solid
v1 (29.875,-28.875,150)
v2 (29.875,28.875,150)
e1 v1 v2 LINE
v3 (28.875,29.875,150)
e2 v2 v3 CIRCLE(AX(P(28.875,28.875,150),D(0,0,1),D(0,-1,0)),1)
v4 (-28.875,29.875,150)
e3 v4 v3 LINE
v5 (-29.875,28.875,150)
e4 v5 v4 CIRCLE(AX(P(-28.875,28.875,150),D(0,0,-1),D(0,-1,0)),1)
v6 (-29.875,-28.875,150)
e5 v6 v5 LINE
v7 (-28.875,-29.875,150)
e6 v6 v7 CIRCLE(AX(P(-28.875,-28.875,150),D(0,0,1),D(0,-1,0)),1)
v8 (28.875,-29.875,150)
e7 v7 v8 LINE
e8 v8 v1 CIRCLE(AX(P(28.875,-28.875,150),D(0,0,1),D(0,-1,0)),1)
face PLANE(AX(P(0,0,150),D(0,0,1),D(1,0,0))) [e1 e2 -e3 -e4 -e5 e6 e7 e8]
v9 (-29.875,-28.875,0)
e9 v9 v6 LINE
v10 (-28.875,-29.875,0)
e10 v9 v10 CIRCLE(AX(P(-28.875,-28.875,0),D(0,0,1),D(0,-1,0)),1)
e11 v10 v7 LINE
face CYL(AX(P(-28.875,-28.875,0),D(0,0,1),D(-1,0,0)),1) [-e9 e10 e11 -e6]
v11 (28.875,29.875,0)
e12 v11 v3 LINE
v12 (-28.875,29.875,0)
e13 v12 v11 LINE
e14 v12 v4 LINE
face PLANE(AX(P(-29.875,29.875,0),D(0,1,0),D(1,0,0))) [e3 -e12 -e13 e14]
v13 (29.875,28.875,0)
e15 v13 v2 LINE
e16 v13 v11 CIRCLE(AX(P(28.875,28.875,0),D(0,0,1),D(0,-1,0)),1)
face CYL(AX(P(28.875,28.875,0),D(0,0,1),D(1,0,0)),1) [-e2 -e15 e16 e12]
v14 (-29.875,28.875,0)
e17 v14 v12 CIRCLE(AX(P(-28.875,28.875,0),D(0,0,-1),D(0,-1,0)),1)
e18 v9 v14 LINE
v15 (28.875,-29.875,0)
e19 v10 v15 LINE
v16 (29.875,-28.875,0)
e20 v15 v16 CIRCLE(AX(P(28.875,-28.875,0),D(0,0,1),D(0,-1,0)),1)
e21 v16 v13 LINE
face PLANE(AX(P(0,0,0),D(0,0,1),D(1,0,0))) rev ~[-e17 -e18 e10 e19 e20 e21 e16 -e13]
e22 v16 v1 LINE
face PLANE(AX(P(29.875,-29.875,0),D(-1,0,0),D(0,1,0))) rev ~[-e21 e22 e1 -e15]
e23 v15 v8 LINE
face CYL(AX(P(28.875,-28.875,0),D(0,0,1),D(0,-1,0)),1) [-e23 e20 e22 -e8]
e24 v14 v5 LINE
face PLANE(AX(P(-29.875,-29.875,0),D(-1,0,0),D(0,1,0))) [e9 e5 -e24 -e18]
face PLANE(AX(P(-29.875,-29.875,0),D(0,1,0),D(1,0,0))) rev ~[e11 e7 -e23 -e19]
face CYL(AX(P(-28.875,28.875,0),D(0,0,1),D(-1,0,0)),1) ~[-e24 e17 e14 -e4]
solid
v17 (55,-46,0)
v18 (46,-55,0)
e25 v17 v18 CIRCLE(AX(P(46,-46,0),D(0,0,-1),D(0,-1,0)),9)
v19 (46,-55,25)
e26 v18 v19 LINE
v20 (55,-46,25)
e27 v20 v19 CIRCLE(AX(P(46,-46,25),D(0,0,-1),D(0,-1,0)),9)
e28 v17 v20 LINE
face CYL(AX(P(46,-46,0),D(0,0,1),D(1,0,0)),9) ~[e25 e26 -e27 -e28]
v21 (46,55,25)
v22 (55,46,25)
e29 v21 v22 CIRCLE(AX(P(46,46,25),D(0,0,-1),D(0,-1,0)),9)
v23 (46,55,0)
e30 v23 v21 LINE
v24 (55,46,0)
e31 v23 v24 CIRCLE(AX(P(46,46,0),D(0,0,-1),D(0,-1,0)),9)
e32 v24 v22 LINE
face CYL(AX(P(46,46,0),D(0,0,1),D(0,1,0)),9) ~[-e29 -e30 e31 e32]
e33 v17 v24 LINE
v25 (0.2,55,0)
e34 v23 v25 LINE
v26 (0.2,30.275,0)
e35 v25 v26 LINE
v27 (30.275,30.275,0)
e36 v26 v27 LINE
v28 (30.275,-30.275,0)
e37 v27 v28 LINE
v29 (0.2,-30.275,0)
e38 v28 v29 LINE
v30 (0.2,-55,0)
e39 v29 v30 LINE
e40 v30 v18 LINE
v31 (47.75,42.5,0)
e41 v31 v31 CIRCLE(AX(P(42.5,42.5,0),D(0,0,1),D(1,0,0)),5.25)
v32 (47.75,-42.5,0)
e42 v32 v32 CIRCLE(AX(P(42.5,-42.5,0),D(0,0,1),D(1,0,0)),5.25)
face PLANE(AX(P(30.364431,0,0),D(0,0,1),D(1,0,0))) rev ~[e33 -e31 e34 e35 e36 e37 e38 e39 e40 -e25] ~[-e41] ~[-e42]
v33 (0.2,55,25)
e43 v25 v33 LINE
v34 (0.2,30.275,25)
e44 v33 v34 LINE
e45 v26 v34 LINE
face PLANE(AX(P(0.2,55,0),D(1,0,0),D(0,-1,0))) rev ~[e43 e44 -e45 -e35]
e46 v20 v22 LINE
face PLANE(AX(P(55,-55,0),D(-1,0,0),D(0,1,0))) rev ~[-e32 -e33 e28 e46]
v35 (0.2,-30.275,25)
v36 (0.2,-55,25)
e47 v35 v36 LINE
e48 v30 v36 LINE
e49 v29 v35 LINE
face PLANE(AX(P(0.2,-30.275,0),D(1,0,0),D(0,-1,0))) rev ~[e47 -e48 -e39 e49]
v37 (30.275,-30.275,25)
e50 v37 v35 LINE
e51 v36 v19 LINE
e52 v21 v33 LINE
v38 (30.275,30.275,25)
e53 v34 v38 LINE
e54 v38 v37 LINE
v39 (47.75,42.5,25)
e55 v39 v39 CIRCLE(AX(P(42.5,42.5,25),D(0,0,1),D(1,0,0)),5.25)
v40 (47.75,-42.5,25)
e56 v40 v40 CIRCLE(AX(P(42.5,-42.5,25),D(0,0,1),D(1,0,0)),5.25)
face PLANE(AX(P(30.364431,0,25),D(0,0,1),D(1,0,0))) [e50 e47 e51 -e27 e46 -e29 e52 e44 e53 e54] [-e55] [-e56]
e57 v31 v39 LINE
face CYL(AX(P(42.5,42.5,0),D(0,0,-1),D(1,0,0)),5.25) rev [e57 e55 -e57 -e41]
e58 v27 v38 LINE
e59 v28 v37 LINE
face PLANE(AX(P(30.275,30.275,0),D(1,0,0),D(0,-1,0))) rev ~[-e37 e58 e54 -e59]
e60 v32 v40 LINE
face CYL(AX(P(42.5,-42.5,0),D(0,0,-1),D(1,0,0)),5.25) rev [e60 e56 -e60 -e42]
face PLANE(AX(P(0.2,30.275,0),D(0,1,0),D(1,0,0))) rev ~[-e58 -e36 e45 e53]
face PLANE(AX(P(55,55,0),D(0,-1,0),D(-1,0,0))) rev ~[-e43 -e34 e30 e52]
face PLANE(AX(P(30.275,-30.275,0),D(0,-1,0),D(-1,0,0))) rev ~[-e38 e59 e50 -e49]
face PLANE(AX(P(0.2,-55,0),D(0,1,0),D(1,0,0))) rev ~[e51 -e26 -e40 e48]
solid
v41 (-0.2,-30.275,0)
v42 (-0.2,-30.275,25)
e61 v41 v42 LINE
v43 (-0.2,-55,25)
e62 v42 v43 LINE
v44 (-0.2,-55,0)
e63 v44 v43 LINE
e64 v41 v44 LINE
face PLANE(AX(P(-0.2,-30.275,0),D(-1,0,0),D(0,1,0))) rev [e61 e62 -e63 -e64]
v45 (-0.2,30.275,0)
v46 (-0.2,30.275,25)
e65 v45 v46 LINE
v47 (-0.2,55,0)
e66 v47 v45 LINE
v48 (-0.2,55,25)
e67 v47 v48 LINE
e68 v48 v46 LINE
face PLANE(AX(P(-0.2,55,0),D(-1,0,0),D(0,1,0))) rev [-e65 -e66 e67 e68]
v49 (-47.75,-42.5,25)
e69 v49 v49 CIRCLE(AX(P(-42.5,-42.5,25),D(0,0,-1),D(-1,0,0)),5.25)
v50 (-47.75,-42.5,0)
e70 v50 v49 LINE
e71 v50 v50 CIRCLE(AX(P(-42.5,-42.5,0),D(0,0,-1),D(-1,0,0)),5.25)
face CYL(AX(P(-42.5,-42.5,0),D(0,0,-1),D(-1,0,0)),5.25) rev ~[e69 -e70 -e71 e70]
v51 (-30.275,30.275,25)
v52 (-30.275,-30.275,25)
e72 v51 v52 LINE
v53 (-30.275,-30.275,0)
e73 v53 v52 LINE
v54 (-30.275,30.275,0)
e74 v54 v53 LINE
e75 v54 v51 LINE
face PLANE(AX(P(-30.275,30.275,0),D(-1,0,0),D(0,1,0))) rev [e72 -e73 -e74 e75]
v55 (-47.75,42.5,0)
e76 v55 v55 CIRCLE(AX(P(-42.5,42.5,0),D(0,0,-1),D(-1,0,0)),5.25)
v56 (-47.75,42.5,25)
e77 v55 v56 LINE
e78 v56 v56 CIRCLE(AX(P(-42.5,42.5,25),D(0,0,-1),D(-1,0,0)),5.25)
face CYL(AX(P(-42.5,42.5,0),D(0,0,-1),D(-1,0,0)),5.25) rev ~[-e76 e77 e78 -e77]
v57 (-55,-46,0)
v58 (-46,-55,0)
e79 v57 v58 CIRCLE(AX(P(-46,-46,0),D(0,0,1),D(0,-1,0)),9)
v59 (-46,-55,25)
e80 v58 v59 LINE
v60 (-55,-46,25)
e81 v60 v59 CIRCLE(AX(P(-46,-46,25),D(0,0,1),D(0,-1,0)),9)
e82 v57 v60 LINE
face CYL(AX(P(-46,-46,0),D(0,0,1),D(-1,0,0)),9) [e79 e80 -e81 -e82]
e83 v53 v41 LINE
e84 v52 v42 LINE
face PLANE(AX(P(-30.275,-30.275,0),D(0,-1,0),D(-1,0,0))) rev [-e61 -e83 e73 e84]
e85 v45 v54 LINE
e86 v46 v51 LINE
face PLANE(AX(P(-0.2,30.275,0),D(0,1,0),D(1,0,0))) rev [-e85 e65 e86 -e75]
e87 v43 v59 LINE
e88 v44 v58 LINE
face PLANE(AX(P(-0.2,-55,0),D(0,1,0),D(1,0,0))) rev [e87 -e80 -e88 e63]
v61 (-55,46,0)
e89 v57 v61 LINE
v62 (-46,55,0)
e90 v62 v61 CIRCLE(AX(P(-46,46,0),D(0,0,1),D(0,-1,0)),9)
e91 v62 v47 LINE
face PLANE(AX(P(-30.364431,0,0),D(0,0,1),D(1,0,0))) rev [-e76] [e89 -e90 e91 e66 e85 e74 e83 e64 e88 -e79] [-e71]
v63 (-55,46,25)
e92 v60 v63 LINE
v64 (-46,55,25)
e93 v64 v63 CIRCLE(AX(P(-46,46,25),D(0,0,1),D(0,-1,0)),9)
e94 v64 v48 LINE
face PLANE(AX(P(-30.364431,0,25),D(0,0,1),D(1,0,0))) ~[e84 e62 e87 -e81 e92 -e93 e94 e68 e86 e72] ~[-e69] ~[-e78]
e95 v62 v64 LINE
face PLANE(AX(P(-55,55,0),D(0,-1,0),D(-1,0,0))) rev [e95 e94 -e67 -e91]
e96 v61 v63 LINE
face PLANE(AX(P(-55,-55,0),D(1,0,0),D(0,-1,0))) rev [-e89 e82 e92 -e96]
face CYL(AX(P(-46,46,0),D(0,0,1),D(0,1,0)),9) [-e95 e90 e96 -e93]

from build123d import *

# Parameters (mm, degrees)
F0_R     = 5.25
F1_DEPTH = 25
F2_R     = 9
F4_W     = 59.75
F4_H     = 59.75
F5_DEPTH = 150
F6_R     = 1


with BuildPart() as f1:
    # F0 (on Top) → F1 (new body)
    with BuildSketch(Plane.XY):
        Polygon((0.2, 30.275), (30.275, 30.275), (30.275, 0), (30.275, -30.275), (0.2, -30.275), (0.2, -55), (55, -55), (55, 0), (55, 55), (0.2, 55), align=None)
        with Locations((42.5, -42.5)):
            Circle(F0_R, mode=Mode.SUBTRACT)
        with Locations((42.5, 42.5)):
            Circle(F0_R, mode=Mode.SUBTRACT)
    extrude(amount=F1_DEPTH)

    # F2
    f2_edges = [f1.edges().sort_by_distance(p)[0] for p in [
        (55, -55, 12.5),
        (55, 55, 12.5),
    ]]
    fillet(f2_edges, radius=F2_R)


with BuildPart() as f3_1:
    # F3: instance of F1
    add(f1.part.mirror(Plane.YZ))


with BuildPart() as f5:
    # F4 (on Top) → F5 (new body)
    with BuildSketch(Plane.XY):
        Rectangle(F4_W, F4_H)
    extrude(amount=F5_DEPTH)

    # F6
    f6_edges = [f5.edges().sort_by_distance(p)[0] for p in [
        (-29.875, -29.875, 75),
        (-29.875, 29.875, 75),
        (29.875, -29.875, 75),
        (29.875, 29.875, 75),
    ]]
    fillet(f6_edges, radius=F6_R)


solid = Compound([f1.part, f3_1.part, f5.part])
